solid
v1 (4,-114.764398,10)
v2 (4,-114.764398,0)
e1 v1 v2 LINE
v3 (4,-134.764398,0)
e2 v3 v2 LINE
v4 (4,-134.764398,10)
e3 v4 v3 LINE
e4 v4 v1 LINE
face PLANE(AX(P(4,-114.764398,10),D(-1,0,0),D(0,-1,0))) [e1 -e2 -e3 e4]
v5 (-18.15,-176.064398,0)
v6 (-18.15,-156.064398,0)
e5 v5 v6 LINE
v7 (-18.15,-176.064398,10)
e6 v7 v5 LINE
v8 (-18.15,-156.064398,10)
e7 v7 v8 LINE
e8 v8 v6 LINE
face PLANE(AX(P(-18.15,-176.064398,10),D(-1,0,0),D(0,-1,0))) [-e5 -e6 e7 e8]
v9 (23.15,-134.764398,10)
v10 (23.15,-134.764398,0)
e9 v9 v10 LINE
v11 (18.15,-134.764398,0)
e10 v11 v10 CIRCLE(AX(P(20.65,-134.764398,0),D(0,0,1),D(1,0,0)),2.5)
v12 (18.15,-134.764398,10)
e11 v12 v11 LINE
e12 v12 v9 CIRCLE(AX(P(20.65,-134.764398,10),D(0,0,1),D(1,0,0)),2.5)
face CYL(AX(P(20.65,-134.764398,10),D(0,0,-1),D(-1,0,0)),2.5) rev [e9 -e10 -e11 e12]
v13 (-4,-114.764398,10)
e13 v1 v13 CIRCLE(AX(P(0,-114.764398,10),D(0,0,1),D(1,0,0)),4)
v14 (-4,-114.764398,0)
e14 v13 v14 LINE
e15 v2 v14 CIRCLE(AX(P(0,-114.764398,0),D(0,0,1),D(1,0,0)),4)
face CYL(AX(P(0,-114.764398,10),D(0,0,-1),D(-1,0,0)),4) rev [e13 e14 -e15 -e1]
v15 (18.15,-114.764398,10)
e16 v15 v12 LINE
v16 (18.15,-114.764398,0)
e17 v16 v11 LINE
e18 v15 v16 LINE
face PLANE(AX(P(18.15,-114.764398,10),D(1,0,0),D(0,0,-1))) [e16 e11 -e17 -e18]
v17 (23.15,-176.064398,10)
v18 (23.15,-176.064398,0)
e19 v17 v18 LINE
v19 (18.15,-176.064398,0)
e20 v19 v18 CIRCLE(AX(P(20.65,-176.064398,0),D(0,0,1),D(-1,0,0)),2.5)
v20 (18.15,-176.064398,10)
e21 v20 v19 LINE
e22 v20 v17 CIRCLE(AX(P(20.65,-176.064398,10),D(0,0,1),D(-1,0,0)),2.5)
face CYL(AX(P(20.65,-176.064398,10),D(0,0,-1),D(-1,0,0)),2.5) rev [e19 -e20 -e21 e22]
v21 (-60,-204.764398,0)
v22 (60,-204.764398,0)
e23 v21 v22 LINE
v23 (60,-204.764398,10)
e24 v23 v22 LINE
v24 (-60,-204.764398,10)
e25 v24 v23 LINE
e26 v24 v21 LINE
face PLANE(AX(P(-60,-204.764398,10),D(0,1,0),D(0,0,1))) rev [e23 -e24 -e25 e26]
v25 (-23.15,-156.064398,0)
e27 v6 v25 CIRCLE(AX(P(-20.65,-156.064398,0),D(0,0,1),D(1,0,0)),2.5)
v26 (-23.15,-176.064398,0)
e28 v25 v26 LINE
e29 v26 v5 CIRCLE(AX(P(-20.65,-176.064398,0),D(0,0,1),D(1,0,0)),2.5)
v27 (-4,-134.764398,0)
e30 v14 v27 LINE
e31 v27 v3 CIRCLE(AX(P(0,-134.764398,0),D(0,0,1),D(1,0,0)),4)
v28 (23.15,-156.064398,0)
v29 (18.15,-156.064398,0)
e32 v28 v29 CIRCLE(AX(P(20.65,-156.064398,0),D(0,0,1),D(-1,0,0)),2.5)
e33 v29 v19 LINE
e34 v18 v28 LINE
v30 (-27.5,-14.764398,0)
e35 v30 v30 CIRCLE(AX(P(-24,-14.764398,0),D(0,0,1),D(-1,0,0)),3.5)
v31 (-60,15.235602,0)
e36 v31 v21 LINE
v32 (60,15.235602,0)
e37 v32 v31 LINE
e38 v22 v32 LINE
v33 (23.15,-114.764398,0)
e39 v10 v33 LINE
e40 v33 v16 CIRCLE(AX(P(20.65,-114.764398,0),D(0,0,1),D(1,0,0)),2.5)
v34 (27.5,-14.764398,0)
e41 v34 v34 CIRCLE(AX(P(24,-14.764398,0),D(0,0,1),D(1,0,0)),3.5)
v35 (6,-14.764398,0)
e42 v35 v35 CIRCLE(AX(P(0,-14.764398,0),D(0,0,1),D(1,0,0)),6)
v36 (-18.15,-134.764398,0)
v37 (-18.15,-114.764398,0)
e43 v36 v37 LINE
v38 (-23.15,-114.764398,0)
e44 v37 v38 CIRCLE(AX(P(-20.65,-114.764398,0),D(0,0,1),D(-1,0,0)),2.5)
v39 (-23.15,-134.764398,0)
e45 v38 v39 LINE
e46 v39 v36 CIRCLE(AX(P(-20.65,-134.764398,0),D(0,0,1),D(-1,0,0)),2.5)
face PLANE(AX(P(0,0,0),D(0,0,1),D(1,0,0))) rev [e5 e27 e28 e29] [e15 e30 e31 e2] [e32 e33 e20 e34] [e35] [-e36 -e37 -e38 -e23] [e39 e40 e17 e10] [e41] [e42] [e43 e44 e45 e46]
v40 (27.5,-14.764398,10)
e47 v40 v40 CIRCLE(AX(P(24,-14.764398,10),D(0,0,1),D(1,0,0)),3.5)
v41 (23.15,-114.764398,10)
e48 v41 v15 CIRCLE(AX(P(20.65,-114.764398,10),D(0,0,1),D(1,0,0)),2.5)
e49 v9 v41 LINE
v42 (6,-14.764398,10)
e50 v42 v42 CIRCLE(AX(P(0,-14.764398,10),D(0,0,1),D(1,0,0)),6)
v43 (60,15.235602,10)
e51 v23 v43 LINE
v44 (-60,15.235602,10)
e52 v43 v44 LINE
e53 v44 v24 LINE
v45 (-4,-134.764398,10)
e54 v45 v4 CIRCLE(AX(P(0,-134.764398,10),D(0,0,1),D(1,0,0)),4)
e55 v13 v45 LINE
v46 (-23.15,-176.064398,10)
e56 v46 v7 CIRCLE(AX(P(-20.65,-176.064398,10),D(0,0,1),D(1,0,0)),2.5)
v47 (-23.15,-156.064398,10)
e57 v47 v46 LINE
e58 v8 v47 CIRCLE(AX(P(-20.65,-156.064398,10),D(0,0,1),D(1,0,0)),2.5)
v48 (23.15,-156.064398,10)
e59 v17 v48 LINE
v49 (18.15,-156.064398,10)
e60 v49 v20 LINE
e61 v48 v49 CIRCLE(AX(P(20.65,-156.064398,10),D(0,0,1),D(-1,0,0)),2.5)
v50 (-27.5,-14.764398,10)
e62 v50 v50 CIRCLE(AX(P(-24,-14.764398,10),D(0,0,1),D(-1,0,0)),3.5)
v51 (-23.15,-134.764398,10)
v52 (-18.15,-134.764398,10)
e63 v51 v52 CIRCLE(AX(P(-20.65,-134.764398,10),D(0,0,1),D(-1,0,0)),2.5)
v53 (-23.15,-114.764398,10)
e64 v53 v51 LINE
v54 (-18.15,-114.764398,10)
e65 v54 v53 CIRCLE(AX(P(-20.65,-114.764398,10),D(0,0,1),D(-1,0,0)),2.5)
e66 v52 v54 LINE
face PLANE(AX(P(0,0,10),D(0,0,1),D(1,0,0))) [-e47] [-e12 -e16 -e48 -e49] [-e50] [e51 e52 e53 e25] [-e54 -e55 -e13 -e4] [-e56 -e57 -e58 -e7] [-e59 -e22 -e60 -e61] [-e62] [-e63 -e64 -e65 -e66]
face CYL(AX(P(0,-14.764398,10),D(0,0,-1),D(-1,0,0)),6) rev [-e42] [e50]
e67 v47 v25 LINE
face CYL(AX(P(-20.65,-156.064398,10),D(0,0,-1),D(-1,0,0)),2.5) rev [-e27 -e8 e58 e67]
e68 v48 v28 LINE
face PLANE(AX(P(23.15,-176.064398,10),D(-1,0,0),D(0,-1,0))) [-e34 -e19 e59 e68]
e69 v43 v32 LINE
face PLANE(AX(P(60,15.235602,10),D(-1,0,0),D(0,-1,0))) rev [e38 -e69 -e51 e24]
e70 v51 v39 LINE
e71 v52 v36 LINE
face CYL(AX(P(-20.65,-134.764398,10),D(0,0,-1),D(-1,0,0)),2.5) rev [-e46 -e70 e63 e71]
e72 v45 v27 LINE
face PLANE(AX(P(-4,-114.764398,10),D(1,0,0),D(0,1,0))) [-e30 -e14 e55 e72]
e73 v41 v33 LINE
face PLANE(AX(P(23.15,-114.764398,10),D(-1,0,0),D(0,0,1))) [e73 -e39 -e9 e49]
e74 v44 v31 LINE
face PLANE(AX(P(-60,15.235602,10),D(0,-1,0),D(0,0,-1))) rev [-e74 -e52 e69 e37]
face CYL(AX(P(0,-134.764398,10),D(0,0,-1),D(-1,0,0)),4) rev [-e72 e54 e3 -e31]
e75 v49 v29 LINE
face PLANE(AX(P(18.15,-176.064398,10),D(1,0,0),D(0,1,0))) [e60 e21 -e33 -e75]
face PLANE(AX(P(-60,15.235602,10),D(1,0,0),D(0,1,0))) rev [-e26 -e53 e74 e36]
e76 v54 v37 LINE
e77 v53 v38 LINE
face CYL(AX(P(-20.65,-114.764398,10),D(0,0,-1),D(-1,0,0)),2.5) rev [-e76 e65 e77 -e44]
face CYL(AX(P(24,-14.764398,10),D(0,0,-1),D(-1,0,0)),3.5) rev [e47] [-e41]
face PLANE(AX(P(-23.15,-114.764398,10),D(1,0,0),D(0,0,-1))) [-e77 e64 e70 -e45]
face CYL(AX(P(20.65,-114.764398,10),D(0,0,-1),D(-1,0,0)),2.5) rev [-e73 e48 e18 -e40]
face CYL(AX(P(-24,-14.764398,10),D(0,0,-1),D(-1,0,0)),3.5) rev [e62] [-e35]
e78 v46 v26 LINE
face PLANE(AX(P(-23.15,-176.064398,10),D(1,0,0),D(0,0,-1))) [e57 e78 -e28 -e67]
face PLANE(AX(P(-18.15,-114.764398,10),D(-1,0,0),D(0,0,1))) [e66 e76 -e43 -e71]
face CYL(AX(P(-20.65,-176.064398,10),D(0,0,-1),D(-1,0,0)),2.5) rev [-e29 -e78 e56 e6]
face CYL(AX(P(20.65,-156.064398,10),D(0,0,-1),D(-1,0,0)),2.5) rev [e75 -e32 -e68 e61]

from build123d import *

# Parameters (mm, degrees)
SKETCH1_W           = 120
SKETCH1_H           = 220
SKETCH1_R           = 6
SKETCH1_R_2         = 3.5
BOSS_EXTRUDE1_DEPTH = 10


with BuildPart() as part:
    # Sketch1 → Boss-Extrude1 (new body)
    with BuildSketch(Plane.XY):
        with Locations((0, -94.764397906)):
            Rectangle(SKETCH1_W, SKETCH1_H)
        with Locations((0, -14.764397906)):
            Circle(SKETCH1_R, mode=Mode.SUBTRACT)
        with Locations((24, -14.764397906)):
            Circle(SKETCH1_R_2, mode=Mode.SUBTRACT)
        with Locations(Location((-24, -14.764397906, 0), (0, 0, 180))):
            Circle(SKETCH1_R_2, mode=Mode.SUBTRACT)
        with BuildLine():
            Line((4, -114.764397906), (4, -134.764397906))
            ThreePointArc((4, -134.764397906), (0, -138.764397906), (-4, -134.764397906))
            Line((-4, -134.764397906), (-4, -114.764397906))
            ThreePointArc((-4, -114.764397906), (0, -110.764397906), (4, -114.764397906))
        make_face(mode=Mode.SUBTRACT)
        with BuildLine():
            Line((23.15, -114.764397906), (23.15, -134.764397906))
            ThreePointArc((23.15, -134.764397906), (20.65, -137.264397906), (18.15, -134.764397906))
            Line((18.15, -134.764397906), (18.15, -114.764397906))
            ThreePointArc((18.15, -114.764397906), (20.65, -112.264397906), (23.15, -114.764397906))
        make_face(mode=Mode.SUBTRACT)
        with BuildLine():
            Line((-23.15, -114.764397906), (-23.15, -134.764397906))
            ThreePointArc((-23.15, -134.764397906), (-20.65, -137.264397906), (-18.15, -134.764397906))
            Line((-18.15, -134.764397906), (-18.15, -114.764397906))
            ThreePointArc((-18.15, -114.764397906), (-20.65, -112.264397906), (-23.15, -114.764397906))
        make_face(mode=Mode.SUBTRACT)
        with BuildLine():
            Line((-23.15, -176.064397906), (-23.15, -156.064397906))
            ThreePointArc((-23.15, -156.064397906), (-20.65, -153.564397906), (-18.15, -156.064397906))
            Line((-18.15, -156.064397906), (-18.15, -176.064397906))
            ThreePointArc((-18.15, -176.064397906), (-20.65, -178.564397906), (-23.15, -176.064397906))
        make_face(mode=Mode.SUBTRACT)
        with BuildLine():
            Line((23.15, -176.064397906), (23.15, -156.064397906))
            ThreePointArc((23.15, -156.064397906), (20.65, -153.564397906), (18.15, -156.064397906))
            Line((18.15, -156.064397906), (18.15, -176.064397906))
            ThreePointArc((18.15, -176.064397906), (20.65, -178.564397906), (23.15, -176.064397906))
        make_face(mode=Mode.SUBTRACT)
    extrude(amount=BOSS_EXTRUDE1_DEPTH)


solid = part.part
